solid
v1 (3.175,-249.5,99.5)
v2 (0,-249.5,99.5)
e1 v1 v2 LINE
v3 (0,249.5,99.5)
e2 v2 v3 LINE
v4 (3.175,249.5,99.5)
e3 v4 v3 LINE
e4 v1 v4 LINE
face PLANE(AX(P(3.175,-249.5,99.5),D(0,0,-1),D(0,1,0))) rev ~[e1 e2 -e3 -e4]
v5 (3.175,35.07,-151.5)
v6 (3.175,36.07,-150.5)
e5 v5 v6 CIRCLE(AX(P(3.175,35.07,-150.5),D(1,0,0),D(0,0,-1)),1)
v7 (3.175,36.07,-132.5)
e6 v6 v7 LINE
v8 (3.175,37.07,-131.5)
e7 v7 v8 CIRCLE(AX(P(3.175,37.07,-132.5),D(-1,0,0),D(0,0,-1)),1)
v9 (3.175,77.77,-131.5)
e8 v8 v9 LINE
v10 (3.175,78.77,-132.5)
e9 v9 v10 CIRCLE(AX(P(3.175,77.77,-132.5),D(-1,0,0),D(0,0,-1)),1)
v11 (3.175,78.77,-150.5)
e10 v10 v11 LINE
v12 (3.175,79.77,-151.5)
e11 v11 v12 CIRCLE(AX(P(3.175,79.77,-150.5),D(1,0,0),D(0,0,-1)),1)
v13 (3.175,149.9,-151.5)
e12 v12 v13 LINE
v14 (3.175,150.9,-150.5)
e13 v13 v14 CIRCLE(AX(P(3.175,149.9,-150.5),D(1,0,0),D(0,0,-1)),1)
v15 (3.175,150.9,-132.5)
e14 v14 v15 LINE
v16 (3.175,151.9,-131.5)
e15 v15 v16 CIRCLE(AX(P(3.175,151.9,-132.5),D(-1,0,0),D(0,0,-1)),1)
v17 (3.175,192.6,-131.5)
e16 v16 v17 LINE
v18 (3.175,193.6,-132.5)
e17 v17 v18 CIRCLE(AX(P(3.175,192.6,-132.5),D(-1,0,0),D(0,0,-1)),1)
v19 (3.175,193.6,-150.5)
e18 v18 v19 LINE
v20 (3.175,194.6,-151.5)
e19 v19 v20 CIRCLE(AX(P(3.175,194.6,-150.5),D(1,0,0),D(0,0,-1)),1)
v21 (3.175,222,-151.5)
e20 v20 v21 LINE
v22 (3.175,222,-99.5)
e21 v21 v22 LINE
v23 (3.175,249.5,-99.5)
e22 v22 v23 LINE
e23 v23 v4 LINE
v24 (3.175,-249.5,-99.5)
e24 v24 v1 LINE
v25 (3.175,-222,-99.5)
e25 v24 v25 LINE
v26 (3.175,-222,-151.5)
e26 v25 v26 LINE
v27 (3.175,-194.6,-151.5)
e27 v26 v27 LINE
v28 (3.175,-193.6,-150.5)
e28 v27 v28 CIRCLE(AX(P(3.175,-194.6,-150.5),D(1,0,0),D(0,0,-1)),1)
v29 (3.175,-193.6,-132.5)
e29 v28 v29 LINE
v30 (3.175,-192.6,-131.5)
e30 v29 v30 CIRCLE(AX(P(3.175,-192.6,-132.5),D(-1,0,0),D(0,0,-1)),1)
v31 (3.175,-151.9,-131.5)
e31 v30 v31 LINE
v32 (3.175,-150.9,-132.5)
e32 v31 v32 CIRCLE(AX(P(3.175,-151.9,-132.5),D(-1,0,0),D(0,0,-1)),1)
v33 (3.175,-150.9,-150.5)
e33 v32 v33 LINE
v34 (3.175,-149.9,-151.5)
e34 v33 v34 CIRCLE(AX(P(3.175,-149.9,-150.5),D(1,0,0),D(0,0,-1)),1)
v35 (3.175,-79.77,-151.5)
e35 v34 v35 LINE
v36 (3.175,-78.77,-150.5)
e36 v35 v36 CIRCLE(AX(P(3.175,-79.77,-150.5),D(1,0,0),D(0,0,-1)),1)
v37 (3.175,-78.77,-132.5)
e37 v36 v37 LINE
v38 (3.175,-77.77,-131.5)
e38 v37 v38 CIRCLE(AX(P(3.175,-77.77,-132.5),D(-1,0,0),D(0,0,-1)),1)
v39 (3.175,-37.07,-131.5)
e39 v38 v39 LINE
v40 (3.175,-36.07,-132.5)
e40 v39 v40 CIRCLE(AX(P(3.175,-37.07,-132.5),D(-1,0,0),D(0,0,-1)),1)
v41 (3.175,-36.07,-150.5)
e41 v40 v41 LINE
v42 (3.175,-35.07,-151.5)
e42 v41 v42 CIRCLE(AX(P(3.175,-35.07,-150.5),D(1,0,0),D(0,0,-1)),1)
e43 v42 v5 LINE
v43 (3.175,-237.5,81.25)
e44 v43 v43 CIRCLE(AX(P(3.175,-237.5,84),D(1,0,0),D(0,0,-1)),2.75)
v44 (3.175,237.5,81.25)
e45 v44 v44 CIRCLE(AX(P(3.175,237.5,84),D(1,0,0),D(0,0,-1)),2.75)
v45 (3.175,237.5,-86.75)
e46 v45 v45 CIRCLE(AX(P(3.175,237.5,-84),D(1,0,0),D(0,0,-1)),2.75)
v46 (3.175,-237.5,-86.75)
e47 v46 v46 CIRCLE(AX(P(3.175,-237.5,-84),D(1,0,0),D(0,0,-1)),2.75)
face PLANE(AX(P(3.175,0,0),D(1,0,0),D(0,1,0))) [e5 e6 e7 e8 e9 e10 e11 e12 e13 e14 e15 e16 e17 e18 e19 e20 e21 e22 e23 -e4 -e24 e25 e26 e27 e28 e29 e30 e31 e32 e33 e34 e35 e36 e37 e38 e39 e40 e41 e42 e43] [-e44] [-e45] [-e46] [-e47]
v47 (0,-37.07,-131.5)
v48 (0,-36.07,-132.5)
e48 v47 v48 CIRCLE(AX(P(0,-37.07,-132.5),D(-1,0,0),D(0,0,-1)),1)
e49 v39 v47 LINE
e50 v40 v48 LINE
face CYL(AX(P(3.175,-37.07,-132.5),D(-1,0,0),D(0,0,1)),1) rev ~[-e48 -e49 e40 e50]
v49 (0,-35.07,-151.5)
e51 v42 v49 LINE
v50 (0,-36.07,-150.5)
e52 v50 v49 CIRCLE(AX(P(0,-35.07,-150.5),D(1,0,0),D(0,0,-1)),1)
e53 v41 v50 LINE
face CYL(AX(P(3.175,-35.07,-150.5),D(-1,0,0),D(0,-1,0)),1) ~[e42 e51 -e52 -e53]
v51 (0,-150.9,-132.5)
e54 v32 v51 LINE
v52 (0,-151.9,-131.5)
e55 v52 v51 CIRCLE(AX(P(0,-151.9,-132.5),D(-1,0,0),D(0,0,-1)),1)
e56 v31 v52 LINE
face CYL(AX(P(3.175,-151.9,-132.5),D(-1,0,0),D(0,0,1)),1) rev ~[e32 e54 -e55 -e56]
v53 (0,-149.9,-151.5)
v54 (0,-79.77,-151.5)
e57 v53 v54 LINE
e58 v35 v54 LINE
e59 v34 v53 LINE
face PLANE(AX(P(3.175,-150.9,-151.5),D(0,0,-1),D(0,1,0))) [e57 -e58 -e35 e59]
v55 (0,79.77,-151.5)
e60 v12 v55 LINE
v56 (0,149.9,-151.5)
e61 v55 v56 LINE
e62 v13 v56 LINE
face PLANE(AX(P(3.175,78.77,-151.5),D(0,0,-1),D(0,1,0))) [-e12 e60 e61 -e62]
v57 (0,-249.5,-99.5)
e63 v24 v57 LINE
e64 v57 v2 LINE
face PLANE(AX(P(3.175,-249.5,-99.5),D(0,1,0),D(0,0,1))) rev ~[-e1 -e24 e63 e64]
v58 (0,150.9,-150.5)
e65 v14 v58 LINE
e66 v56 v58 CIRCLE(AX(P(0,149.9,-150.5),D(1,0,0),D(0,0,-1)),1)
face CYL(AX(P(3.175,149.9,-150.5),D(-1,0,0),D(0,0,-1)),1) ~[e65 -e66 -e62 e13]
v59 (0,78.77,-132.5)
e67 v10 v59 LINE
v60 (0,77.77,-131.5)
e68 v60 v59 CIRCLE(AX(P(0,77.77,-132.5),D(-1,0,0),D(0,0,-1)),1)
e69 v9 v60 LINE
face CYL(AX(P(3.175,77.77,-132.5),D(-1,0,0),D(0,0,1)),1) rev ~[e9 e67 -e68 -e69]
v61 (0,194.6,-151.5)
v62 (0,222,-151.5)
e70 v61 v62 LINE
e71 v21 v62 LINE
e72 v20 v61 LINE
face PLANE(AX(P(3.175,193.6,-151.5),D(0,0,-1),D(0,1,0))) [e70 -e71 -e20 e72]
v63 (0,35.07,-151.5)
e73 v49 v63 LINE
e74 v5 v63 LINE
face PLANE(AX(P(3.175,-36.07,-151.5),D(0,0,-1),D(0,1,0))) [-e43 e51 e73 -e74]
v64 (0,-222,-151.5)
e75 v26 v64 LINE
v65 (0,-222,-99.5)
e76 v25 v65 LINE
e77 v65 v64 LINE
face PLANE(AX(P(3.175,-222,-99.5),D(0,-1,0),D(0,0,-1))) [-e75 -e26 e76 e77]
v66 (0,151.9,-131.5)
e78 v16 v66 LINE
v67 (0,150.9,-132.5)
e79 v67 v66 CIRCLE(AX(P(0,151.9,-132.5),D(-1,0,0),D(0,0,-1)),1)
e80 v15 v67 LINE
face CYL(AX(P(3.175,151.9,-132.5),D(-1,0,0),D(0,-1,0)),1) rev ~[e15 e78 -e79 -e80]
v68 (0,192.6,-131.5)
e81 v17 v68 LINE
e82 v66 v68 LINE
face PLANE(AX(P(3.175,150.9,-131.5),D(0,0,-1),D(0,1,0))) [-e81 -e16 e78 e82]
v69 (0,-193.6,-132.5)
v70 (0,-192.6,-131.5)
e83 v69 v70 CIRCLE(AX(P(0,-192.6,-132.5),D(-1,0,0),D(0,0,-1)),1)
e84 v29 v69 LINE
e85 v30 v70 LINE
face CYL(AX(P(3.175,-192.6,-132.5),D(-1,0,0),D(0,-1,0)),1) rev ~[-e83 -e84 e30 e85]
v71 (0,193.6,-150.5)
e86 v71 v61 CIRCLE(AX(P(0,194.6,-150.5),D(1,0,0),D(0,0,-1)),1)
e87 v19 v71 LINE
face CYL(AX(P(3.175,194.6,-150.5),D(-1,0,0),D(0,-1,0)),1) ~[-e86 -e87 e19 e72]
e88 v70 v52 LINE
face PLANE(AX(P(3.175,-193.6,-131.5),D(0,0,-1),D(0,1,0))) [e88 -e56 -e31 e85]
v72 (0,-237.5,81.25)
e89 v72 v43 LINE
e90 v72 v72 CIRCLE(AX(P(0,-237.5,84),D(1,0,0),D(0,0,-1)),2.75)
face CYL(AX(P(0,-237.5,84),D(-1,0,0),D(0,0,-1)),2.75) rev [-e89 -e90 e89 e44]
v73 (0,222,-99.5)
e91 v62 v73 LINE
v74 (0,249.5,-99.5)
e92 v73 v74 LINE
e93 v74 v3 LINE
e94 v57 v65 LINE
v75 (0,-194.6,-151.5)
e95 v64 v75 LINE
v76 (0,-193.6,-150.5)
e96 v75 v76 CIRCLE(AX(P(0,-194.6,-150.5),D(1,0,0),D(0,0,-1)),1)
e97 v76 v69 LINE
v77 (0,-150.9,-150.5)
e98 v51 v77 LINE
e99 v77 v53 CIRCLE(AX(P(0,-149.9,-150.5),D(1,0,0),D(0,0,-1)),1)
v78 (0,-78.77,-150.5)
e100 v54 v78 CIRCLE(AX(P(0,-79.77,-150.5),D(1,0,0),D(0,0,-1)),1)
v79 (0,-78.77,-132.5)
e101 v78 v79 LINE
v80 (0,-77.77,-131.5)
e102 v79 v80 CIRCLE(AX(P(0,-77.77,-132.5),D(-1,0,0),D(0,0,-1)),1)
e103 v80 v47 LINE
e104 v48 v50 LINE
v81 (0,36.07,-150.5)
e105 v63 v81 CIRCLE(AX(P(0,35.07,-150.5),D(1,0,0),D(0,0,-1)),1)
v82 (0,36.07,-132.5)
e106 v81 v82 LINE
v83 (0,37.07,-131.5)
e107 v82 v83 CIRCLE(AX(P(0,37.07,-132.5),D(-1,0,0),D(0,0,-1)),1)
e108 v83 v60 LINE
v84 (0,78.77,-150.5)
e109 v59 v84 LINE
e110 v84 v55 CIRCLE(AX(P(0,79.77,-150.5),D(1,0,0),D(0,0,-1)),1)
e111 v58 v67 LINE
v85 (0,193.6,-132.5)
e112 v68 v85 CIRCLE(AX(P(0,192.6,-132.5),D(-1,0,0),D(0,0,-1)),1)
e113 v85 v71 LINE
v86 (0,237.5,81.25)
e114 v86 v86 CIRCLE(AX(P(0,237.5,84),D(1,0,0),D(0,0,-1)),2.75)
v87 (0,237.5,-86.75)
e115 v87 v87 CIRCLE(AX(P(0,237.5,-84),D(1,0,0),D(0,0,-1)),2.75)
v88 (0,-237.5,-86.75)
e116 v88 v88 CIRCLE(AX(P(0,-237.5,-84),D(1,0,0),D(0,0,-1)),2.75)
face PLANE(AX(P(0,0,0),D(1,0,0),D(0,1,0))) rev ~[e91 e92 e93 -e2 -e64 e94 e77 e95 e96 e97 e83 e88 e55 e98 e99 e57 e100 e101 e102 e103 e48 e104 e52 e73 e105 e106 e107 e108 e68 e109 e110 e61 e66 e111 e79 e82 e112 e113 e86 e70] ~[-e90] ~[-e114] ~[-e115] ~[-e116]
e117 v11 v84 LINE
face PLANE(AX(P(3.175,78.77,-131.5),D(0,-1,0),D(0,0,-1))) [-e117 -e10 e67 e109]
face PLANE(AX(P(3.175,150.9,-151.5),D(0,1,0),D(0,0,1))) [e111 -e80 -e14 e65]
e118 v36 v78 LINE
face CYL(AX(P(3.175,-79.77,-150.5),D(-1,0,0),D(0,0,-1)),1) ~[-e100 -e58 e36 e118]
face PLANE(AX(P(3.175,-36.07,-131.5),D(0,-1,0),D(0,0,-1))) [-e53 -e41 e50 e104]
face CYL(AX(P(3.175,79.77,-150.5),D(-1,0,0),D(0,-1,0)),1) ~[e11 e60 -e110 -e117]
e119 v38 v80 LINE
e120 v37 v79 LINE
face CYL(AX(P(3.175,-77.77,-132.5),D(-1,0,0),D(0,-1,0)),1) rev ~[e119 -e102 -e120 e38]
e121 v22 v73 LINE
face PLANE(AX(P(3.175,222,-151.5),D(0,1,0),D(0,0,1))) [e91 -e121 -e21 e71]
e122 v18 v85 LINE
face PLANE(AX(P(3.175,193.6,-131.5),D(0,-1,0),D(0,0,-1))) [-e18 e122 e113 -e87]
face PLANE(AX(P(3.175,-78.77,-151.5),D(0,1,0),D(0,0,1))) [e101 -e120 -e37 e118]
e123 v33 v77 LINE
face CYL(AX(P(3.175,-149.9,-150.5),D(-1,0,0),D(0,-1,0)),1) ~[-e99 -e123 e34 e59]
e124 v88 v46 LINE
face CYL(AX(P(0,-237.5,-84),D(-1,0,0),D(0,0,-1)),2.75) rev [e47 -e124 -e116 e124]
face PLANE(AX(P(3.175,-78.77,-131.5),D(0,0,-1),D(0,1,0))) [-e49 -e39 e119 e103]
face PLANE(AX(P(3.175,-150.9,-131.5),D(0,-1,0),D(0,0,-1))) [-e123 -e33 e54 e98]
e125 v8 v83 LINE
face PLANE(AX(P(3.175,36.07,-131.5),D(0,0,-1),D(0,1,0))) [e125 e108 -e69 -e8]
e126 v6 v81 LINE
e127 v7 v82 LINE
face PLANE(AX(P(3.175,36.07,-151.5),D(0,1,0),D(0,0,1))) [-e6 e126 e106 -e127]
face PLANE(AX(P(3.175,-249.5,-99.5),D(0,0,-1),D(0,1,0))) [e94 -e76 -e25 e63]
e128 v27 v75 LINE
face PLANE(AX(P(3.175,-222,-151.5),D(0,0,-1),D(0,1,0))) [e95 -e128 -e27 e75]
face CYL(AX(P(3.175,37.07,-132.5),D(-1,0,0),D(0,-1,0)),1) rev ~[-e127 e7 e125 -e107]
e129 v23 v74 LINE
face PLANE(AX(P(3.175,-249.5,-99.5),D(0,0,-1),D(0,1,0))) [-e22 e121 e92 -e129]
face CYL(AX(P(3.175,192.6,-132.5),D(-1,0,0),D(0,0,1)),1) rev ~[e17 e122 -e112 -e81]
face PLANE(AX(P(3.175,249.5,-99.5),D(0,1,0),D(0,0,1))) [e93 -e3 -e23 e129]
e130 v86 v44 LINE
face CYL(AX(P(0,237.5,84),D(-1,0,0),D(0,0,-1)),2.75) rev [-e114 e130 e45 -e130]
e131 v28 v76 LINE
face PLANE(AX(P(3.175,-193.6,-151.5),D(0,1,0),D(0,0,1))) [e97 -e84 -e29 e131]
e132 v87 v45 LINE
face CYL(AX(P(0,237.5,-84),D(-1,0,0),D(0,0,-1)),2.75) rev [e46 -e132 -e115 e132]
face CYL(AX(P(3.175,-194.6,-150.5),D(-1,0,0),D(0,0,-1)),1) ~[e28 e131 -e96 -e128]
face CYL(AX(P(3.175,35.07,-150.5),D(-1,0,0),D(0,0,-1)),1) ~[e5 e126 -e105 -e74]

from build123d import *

# Parameters (mm, degrees)
SKETCH1_W           = 500
SKETCH1_H           = 200
SKETCH1_R           = 2.75
BOSS_EXTRUDE1_DEPTH = 3.175
SKETCH2_W           = 500
SKETCH2_H           = 200
SKETCH2_W_2         = 499
SKETCH2_H_2         = 199
CUT_EXTRUDE1_DEPTH  = 3.175
BOSS_EXTRUDE2_DEPTH = 3.175
FILLET1_R           = 1


with BuildPart() as part:
    # Sketch1 → Boss-Extrude1 (new body)
    with BuildSketch(Plane.YZ):
        Rectangle(SKETCH1_W, SKETCH1_H)
        with Locations(Location((237.5, 84, 0), (0, 0, 270))):
            Circle(SKETCH1_R, mode=Mode.SUBTRACT)
        with Locations(Location((-237.5, 84, 0), (0, 0, 270))):
            Circle(SKETCH1_R, mode=Mode.SUBTRACT)
        with Locations(Location((237.5, -84, 0), (0, 0, 270))):
            Circle(SKETCH1_R, mode=Mode.SUBTRACT)
        with Locations(Location((-237.5, -84, 0), (0, 0, 270))):
            Circle(SKETCH1_R, mode=Mode.SUBTRACT)
    extrude(amount=BOSS_EXTRUDE1_DEPTH)

    # Sketch2 → Cut-Extrude1 (cut)
    with BuildSketch(Plane.YZ.offset(3.175)):
        Rectangle(SKETCH2_W, SKETCH2_H)
        Rectangle(SKETCH2_W_2, SKETCH2_H_2, mode=Mode.SUBTRACT)
    extrude(amount=-CUT_EXTRUDE1_DEPTH, mode=Mode.SUBTRACT)

    # Sketch3 → Boss-Extrude2 (add, through all)
    with BuildSketch(Plane.YZ.offset(3.175)):
        Polygon((222, -99.5), (-222, -99.5), (-222, -151.5), (-193.6, -151.5), (-193.6, -131.5), (-150.9, -131.5), (-150.9, -151.5), (-78.77, -151.5), (-78.77, -131.5), (-36.07, -131.5), (-36.07, -151.5), (36.07, -151.5), (36.07, -131.5), (78.77, -131.5), (78.77, -151.5), (150.9, -151.5), (150.9, -131.5), (193.6, -131.5), (193.6, -151.5), (222, -151.5), align=None)
    extrude(amount=-BOSS_EXTRUDE2_DEPTH)

    # Fillet1
    fillet1_edges = [part.edges().sort_by_distance(p)[0] for p in [
        (1.5875, 193.6, -151.5),
        (1.5875, 193.6, -131.5),
        (1.5875, 150.9, -131.5),
        (1.5875, 150.9, -151.5),
        (1.5875, 78.77, -151.5),
        (1.5875, 78.77, -131.5),
        (1.5875, 36.07, -131.5),
        (1.5875, 36.07, -151.5),
        (1.5875, -36.07, -151.5),
        (1.5875, -36.07, -131.5),
        (1.5875, -78.77, -131.5),
        (1.5875, -78.77, -151.5),
        (1.5875, -150.9, -151.5),
        (1.5875, -150.9, -131.5),
        (1.5875, -193.6, -131.5),
        (1.5875, -193.6, -151.5),
    ]]
    fillet(fillet1_edges, radius=FILLET1_R)


solid = part.part
